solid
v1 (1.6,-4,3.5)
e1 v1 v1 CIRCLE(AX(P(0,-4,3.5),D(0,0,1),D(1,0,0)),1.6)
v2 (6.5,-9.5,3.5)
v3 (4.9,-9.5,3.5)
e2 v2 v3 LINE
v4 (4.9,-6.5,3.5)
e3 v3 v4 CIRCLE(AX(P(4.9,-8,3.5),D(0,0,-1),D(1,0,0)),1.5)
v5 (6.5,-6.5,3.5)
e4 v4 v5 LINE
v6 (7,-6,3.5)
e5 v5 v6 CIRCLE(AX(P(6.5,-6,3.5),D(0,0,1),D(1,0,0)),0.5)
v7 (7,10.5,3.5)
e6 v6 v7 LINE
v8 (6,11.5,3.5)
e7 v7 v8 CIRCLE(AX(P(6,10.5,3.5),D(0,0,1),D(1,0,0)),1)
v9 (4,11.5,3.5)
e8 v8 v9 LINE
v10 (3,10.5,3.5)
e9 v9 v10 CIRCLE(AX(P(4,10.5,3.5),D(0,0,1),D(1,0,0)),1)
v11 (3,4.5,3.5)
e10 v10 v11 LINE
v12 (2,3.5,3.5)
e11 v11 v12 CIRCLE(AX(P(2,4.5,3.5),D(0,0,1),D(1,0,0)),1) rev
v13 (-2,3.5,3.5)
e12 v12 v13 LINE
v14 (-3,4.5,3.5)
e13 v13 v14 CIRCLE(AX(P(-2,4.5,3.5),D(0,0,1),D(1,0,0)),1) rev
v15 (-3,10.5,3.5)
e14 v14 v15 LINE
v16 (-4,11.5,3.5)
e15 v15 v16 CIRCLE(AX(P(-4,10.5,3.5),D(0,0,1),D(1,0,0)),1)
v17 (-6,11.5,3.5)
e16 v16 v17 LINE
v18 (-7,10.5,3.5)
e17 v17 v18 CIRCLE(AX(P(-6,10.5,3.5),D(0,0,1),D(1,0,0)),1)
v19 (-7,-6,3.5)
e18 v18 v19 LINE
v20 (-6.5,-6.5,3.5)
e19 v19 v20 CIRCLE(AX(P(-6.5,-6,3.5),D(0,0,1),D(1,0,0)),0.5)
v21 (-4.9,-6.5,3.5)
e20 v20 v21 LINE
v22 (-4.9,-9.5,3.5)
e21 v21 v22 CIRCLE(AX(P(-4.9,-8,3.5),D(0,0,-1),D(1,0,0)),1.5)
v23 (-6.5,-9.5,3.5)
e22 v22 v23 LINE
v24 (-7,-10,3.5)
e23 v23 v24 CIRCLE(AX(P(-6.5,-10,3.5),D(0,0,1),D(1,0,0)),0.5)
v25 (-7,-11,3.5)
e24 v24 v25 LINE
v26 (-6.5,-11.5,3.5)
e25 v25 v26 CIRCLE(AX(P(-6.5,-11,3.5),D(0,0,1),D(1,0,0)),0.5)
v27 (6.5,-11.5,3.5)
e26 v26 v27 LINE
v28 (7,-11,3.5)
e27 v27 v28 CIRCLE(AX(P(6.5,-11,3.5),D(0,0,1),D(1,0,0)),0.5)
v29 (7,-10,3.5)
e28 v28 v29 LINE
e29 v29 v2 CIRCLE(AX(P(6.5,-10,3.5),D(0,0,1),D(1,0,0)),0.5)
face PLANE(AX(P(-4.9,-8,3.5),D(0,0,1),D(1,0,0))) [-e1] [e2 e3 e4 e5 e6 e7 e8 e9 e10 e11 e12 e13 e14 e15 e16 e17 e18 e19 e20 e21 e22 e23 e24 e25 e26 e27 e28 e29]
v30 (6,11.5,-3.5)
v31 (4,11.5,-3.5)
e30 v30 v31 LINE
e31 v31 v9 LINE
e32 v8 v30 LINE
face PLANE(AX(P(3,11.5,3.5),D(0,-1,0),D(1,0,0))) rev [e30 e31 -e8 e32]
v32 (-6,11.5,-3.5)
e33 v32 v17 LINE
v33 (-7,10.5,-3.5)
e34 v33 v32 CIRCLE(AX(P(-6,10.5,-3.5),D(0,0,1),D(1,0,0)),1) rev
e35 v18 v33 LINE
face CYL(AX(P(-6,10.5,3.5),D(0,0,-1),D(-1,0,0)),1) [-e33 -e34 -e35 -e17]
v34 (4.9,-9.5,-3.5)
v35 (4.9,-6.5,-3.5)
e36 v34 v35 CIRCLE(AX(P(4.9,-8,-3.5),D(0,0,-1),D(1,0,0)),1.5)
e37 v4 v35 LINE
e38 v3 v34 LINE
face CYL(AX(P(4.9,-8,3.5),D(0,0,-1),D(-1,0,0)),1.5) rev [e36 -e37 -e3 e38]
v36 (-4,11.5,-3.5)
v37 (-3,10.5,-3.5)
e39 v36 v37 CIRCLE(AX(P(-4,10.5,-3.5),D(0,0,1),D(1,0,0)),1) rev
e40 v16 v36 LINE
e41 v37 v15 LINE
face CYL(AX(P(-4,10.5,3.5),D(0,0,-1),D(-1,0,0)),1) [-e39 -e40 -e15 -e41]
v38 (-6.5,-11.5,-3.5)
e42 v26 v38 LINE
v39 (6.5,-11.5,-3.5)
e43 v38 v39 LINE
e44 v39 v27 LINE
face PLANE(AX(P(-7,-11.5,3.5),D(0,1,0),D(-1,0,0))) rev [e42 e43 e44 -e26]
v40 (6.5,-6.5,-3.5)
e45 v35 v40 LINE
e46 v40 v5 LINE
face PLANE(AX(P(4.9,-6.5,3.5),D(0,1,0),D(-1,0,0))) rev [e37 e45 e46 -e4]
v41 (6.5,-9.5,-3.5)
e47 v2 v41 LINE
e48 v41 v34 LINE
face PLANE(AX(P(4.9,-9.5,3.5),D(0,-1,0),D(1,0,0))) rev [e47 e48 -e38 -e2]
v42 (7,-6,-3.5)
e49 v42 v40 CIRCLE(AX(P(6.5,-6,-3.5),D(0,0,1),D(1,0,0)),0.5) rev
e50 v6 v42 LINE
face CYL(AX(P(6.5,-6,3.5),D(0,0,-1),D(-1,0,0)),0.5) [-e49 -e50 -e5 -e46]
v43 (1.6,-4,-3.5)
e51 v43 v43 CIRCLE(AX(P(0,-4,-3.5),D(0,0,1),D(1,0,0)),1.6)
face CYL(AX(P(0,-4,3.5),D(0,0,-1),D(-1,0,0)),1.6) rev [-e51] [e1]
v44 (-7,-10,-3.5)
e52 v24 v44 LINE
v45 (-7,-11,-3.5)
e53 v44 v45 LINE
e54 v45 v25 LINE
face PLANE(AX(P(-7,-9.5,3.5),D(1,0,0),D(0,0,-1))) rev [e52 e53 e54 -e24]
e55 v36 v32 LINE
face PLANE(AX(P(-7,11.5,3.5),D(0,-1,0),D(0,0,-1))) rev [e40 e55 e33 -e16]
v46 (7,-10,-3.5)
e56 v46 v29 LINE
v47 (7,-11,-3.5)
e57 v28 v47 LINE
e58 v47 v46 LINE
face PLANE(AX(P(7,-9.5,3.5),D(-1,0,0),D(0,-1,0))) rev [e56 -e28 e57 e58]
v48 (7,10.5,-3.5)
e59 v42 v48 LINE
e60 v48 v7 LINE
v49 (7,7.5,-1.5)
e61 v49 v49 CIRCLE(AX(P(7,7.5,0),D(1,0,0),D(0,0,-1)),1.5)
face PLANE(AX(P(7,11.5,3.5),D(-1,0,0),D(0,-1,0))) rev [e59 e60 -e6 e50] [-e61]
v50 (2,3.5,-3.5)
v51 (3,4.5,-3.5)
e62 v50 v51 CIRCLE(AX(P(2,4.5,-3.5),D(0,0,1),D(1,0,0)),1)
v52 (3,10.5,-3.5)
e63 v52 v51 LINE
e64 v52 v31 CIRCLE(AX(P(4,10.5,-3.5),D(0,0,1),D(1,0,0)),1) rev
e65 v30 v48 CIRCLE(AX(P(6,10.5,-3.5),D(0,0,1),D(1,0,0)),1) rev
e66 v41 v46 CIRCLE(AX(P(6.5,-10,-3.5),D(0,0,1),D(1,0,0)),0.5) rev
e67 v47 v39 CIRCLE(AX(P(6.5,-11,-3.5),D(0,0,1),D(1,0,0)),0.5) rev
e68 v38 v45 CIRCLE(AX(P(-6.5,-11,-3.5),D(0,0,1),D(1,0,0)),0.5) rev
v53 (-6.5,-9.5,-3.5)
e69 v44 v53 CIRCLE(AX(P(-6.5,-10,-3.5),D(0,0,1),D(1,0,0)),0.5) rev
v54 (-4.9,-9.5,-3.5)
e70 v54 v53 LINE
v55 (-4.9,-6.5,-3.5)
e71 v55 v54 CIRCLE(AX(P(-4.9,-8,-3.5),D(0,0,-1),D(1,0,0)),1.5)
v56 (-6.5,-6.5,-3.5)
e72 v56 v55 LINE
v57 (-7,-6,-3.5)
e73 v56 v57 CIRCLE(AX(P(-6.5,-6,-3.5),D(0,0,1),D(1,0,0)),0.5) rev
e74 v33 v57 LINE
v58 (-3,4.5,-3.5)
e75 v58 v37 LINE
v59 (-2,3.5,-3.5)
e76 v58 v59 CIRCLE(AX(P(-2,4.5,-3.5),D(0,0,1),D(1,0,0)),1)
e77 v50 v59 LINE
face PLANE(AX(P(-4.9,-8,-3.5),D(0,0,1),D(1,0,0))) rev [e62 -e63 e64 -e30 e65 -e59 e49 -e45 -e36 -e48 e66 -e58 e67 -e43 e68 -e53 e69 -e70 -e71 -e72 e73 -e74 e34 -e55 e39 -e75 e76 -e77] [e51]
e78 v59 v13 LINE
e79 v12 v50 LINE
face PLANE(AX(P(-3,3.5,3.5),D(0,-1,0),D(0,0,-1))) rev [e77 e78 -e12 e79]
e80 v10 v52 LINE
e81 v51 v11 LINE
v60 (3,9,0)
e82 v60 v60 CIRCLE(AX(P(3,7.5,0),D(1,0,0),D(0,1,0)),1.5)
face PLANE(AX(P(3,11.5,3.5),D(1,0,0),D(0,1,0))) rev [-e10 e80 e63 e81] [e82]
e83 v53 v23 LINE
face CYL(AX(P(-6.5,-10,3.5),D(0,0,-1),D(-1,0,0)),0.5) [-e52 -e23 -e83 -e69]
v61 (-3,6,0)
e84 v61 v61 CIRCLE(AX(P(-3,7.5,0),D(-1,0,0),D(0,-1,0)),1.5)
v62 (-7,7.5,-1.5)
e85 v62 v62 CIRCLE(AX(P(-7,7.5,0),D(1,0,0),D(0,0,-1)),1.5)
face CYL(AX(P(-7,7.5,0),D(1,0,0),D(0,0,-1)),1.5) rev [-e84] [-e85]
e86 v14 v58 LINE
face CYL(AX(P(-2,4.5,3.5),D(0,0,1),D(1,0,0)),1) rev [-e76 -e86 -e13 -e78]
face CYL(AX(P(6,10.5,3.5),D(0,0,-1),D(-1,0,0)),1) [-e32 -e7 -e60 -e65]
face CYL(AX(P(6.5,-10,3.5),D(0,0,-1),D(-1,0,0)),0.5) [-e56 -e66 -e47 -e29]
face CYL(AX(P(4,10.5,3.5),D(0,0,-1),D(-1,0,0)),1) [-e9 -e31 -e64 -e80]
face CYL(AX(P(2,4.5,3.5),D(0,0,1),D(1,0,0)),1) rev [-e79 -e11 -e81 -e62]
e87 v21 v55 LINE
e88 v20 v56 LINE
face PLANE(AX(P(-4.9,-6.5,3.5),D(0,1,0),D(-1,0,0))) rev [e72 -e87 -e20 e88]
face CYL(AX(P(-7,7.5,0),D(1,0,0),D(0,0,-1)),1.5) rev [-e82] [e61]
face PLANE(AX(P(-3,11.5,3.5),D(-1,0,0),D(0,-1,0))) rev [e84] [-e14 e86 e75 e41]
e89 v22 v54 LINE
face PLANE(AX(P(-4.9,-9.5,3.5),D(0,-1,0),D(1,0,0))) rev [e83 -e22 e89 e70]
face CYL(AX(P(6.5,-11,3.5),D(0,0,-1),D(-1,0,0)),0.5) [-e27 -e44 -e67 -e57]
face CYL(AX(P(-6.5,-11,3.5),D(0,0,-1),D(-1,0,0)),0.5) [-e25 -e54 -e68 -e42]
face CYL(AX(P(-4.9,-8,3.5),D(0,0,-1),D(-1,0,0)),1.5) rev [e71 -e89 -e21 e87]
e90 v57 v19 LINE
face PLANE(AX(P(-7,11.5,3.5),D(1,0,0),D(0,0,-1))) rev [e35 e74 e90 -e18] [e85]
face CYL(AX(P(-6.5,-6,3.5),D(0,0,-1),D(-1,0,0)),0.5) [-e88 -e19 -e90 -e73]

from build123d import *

# Parameters (mm, degrees)
CROQUIS1_R                 = 1.6
SALIENTE_EXTRUIR1_DEPTH    = 3.5
CORTAR_EXTRUIR1_DEPTH      = 14.910427743
CORTAR_EXTRUIR1_DEPTH_BACK = 14.910427743
CROQUIS2_R                 = 1.5
REDONDEO1_R                = 1
REDONDEO2_R                = 0.5


with BuildPart() as part:
    # Croquis1 → Saliente-Extruir1 (new, symmetric)
    with BuildSketch(Plane.XY):
        with BuildLine():
            Line((3, 11.5), (7, 11.5))
            Line((7, 11.5), (7, -6.5))
            Line((7, -6.5), (4.9, -6.5))
            ThreePointArc((4.9, -6.5), (3.4, -8), (4.9, -9.5))
            Line((4.9, -9.5), (7, -9.5))
            Line((7, -9.5), (7, -11.5))
            Line((7, -11.5), (-7, -11.5))
            Line((-7, -11.5), (-7, -9.5))
            Line((-7, -9.5), (-4.9, -9.5))
            ThreePointArc((-4.9, -9.5), (-3.4, -8), (-4.9, -6.5))
            Line((-4.9, -6.5), (-7, -6.5))
            Line((-7, -6.5), (-7, 11.5))
            Line((-7, 11.5), (-3, 11.5))
            Line((-3, 11.5), (-3, 3.5))
            Line((-3, 3.5), (3, 3.5))
            Line((3, 3.5), (3, 11.5))
        make_face()
        with Locations((0, -4)):
            Circle(CROQUIS1_R, mode=Mode.SUBTRACT)
    extrude(amount=SALIENTE_EXTRUIR1_DEPTH, both=True)

    # Croquis2 → Cortar-Extruir1 (cut, two sides: drawn at the far end of the back side and taken through both)
    with BuildSketch(Plane(origin=(0, 0, 0), x_dir=(0, 0, -1), z_dir=(1, 0, 0)).offset(-CORTAR_EXTRUIR1_DEPTH_BACK)):
        with Locations((0, 7.5)):
            Circle(CROQUIS2_R)
    extrude(amount=CORTAR_EXTRUIR1_DEPTH + CORTAR_EXTRUIR1_DEPTH_BACK, mode=Mode.SUBTRACT)

    # Redondeo1
    redondeo1_edges = [part.edges().sort_by_distance(p)[0] for p in [
        (-7, 11.5, 0),
        (-3, 11.5, 0),
        (-3, 3.5, 0),
        (3, 3.5, 0),
        (3, 11.5, 0),
        (7, 11.5, 0),
    ]]
    fillet(redondeo1_edges, radius=REDONDEO1_R)

    # Redondeo2
    redondeo2_edges = [part.edges().sort_by_distance(p)[0] for p in [
        (7, -11.5, 0),
        (-7, -11.5, 0),
        (-7, -9.5, 0),
        (-7, -6.5, 0),
        (7, -6.5, 0),
        (7, -9.5, 0),
    ]]
    fillet(redondeo2_edges, radius=REDONDEO2_R)


solid = part.part
